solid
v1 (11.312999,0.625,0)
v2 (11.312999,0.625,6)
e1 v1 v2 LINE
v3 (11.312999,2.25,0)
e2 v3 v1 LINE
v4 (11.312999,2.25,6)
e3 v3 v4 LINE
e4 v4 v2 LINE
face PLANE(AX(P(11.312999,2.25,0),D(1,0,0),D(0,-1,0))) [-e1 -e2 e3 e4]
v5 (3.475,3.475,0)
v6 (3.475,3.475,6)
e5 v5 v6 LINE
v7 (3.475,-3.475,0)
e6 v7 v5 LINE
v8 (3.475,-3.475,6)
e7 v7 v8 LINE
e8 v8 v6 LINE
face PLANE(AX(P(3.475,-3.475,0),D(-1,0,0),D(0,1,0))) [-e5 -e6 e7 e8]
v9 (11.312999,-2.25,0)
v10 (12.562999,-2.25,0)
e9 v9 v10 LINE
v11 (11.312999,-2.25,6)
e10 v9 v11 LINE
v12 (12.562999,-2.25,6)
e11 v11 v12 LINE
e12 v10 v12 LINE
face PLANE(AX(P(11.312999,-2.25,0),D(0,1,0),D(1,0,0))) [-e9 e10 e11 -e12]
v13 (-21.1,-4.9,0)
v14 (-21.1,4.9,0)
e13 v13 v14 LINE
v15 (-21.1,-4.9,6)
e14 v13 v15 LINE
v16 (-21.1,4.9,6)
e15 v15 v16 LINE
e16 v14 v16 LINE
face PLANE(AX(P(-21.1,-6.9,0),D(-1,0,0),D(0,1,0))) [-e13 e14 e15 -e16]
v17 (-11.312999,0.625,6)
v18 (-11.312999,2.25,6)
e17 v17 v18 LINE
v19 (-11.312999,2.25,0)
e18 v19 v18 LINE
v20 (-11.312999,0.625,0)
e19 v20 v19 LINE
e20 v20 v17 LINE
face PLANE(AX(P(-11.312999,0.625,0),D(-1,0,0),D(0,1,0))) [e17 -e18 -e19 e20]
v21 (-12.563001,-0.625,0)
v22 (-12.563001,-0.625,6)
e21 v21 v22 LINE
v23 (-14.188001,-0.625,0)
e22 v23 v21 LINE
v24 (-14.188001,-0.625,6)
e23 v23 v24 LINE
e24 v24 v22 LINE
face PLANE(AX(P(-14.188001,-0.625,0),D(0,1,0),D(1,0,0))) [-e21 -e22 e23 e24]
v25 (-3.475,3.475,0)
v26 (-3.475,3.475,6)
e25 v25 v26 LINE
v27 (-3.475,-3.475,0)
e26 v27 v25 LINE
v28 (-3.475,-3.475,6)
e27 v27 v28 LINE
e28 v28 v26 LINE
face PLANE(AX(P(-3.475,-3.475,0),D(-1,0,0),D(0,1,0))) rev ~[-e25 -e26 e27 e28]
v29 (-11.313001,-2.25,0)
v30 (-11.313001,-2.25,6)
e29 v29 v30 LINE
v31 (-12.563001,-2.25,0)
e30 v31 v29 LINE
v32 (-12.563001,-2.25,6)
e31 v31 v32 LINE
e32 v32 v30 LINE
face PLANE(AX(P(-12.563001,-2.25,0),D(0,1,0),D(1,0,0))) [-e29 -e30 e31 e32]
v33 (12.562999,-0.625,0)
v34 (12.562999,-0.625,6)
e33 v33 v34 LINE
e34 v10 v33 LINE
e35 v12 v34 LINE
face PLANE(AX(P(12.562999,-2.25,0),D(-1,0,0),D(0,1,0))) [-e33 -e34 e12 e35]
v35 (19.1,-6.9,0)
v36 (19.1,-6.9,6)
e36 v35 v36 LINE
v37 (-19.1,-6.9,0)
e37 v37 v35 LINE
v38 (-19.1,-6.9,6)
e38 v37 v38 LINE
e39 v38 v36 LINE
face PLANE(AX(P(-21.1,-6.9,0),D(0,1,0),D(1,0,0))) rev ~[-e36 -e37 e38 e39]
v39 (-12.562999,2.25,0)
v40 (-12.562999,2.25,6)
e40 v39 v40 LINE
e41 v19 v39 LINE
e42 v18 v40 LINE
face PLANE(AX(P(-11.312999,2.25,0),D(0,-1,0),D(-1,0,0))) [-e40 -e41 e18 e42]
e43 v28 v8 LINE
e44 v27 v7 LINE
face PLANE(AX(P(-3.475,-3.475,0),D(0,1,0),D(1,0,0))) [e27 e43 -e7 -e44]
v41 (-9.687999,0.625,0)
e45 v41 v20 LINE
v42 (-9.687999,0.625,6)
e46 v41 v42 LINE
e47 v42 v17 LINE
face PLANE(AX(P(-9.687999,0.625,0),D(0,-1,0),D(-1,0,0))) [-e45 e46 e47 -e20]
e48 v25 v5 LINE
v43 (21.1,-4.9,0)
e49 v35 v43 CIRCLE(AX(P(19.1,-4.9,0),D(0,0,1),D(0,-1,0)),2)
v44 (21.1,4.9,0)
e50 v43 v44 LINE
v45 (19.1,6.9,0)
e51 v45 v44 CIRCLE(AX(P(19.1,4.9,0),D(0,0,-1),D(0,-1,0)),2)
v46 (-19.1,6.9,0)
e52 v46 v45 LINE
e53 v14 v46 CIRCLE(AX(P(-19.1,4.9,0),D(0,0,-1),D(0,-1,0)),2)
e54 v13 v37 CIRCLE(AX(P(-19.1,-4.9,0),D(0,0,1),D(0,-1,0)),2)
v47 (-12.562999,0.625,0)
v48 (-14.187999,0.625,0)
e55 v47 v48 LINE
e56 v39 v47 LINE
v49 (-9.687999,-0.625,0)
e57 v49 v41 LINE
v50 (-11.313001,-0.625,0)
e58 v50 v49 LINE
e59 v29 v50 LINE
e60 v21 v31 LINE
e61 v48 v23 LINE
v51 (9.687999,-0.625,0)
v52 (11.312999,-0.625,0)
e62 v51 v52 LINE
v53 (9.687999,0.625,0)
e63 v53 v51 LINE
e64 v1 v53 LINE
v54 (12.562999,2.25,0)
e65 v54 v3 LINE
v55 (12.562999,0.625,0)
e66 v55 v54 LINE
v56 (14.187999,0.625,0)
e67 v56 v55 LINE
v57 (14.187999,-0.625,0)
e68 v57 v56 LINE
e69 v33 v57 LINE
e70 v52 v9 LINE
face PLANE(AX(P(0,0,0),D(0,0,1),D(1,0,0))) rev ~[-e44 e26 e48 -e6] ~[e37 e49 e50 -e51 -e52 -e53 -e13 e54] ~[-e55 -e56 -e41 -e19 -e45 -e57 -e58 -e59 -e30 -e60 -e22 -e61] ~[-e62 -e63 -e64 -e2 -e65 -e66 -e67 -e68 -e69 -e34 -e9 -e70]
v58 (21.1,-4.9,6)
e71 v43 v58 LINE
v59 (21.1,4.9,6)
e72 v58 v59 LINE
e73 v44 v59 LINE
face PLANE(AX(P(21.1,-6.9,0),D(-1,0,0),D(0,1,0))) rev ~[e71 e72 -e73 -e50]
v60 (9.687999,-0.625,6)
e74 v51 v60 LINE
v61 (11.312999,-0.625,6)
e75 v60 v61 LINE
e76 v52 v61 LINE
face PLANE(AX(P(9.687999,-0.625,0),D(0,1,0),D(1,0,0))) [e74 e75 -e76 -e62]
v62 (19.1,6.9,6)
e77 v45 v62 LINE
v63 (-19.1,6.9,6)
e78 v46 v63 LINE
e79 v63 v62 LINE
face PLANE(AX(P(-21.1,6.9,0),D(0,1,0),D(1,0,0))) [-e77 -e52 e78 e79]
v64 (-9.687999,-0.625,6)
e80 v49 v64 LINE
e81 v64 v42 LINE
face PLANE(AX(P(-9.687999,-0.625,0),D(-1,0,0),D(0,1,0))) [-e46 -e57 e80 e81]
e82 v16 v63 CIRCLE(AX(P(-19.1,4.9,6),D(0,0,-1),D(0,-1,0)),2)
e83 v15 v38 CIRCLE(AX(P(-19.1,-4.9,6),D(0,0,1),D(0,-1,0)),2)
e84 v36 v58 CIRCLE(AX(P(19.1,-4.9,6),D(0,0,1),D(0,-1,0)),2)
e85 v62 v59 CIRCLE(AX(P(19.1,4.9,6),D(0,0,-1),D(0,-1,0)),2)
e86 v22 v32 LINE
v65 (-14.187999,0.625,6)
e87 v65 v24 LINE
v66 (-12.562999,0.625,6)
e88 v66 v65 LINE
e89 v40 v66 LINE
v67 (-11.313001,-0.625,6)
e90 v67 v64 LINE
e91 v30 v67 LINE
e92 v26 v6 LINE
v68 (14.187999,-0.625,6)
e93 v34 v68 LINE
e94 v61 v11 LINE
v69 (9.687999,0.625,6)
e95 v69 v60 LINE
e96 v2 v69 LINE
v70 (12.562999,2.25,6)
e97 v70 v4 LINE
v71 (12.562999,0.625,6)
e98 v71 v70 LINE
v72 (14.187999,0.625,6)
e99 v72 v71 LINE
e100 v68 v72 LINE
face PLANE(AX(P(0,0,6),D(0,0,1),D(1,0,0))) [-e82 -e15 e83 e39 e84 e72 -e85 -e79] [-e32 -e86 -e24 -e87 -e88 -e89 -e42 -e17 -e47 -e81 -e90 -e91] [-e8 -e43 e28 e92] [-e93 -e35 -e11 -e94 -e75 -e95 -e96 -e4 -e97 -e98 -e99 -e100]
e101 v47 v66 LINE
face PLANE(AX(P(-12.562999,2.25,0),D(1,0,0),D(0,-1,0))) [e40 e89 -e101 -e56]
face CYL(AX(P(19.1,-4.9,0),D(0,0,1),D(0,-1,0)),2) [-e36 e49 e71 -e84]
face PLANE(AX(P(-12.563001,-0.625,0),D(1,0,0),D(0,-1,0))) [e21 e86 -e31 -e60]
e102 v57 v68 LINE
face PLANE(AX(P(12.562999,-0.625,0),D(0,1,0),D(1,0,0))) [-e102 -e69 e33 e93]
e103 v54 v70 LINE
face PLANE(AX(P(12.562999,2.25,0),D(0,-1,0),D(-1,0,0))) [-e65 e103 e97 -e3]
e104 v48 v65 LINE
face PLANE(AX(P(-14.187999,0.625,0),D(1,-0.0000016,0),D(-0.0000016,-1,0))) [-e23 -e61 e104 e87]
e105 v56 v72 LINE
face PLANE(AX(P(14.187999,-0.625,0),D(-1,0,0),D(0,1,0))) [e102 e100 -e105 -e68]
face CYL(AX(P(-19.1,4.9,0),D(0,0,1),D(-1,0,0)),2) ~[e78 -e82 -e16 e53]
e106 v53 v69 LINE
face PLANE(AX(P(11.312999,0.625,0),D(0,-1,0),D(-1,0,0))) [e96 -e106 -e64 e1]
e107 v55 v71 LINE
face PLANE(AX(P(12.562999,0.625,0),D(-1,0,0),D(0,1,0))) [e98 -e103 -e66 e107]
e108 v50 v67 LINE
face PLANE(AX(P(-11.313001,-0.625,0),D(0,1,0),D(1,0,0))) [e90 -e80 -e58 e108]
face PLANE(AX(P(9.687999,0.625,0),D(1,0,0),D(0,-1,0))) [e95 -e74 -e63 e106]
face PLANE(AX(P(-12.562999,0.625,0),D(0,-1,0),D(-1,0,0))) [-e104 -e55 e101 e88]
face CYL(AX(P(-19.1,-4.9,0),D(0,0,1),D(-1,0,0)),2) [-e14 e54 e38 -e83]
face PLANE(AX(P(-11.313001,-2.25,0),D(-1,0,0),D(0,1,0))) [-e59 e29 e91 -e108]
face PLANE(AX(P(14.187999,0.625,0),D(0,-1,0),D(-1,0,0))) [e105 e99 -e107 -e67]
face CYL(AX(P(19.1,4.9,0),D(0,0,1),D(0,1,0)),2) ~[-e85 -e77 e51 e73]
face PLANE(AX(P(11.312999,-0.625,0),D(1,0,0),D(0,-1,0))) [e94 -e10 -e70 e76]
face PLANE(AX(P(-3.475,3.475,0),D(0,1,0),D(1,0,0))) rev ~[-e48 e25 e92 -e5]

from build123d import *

# Parameters (mm, degrees)
SKETCH_W   = 42.2
SKETCH_H   = 13.8
SKETCH_W_2 = 6.95
SKETCH_H_2 = 6.95
PAD_DEPTH  = 6
FILLET_R   = 2


with BuildPart() as part:
    # Sketch → Pad (new body)
    with BuildSketch(Plane.XY):
        Rectangle(SKETCH_W, SKETCH_H)
        Rectangle(SKETCH_W_2, SKETCH_H_2, mode=Mode.SUBTRACT)
        Polygon((9.687999, 0.625), (9.687999, -0.625), (11.312999, -0.625), (11.312999, -2.25), (12.562999, -2.25), (12.562999, -0.625), (14.187999, -0.625), (14.187999, 0.625), (12.562999, 0.625), (12.562999, 2.25), (11.312999, 2.25), (11.312999, 0.625), align=None, mode=Mode.SUBTRACT)
        Polygon((-14.187999, 0.625), (-14.188001, -0.625), (-12.563001, -0.625), (-12.563001, -2.25), (-11.313001, -2.25), (-11.313001, -0.625), (-9.687999, -0.625), (-9.687999, 0.625), (-11.312999, 0.625), (-11.312999, 2.25), (-12.562999, 2.25), (-12.562999, 0.625), align=None, mode=Mode.SUBTRACT)
    extrude(amount=PAD_DEPTH)

    # Fillet
    fillet_edges = [part.edges().sort_by_distance(p)[0] for p in [
        (21.1, -6.9, 3),
        (21.1, 6.9, 3),
        (-21.1, -6.9, 3),
        (-21.1, 6.9, 3),
    ]]
    fillet(fillet_edges, radius=FILLET_R)


solid = part.part
